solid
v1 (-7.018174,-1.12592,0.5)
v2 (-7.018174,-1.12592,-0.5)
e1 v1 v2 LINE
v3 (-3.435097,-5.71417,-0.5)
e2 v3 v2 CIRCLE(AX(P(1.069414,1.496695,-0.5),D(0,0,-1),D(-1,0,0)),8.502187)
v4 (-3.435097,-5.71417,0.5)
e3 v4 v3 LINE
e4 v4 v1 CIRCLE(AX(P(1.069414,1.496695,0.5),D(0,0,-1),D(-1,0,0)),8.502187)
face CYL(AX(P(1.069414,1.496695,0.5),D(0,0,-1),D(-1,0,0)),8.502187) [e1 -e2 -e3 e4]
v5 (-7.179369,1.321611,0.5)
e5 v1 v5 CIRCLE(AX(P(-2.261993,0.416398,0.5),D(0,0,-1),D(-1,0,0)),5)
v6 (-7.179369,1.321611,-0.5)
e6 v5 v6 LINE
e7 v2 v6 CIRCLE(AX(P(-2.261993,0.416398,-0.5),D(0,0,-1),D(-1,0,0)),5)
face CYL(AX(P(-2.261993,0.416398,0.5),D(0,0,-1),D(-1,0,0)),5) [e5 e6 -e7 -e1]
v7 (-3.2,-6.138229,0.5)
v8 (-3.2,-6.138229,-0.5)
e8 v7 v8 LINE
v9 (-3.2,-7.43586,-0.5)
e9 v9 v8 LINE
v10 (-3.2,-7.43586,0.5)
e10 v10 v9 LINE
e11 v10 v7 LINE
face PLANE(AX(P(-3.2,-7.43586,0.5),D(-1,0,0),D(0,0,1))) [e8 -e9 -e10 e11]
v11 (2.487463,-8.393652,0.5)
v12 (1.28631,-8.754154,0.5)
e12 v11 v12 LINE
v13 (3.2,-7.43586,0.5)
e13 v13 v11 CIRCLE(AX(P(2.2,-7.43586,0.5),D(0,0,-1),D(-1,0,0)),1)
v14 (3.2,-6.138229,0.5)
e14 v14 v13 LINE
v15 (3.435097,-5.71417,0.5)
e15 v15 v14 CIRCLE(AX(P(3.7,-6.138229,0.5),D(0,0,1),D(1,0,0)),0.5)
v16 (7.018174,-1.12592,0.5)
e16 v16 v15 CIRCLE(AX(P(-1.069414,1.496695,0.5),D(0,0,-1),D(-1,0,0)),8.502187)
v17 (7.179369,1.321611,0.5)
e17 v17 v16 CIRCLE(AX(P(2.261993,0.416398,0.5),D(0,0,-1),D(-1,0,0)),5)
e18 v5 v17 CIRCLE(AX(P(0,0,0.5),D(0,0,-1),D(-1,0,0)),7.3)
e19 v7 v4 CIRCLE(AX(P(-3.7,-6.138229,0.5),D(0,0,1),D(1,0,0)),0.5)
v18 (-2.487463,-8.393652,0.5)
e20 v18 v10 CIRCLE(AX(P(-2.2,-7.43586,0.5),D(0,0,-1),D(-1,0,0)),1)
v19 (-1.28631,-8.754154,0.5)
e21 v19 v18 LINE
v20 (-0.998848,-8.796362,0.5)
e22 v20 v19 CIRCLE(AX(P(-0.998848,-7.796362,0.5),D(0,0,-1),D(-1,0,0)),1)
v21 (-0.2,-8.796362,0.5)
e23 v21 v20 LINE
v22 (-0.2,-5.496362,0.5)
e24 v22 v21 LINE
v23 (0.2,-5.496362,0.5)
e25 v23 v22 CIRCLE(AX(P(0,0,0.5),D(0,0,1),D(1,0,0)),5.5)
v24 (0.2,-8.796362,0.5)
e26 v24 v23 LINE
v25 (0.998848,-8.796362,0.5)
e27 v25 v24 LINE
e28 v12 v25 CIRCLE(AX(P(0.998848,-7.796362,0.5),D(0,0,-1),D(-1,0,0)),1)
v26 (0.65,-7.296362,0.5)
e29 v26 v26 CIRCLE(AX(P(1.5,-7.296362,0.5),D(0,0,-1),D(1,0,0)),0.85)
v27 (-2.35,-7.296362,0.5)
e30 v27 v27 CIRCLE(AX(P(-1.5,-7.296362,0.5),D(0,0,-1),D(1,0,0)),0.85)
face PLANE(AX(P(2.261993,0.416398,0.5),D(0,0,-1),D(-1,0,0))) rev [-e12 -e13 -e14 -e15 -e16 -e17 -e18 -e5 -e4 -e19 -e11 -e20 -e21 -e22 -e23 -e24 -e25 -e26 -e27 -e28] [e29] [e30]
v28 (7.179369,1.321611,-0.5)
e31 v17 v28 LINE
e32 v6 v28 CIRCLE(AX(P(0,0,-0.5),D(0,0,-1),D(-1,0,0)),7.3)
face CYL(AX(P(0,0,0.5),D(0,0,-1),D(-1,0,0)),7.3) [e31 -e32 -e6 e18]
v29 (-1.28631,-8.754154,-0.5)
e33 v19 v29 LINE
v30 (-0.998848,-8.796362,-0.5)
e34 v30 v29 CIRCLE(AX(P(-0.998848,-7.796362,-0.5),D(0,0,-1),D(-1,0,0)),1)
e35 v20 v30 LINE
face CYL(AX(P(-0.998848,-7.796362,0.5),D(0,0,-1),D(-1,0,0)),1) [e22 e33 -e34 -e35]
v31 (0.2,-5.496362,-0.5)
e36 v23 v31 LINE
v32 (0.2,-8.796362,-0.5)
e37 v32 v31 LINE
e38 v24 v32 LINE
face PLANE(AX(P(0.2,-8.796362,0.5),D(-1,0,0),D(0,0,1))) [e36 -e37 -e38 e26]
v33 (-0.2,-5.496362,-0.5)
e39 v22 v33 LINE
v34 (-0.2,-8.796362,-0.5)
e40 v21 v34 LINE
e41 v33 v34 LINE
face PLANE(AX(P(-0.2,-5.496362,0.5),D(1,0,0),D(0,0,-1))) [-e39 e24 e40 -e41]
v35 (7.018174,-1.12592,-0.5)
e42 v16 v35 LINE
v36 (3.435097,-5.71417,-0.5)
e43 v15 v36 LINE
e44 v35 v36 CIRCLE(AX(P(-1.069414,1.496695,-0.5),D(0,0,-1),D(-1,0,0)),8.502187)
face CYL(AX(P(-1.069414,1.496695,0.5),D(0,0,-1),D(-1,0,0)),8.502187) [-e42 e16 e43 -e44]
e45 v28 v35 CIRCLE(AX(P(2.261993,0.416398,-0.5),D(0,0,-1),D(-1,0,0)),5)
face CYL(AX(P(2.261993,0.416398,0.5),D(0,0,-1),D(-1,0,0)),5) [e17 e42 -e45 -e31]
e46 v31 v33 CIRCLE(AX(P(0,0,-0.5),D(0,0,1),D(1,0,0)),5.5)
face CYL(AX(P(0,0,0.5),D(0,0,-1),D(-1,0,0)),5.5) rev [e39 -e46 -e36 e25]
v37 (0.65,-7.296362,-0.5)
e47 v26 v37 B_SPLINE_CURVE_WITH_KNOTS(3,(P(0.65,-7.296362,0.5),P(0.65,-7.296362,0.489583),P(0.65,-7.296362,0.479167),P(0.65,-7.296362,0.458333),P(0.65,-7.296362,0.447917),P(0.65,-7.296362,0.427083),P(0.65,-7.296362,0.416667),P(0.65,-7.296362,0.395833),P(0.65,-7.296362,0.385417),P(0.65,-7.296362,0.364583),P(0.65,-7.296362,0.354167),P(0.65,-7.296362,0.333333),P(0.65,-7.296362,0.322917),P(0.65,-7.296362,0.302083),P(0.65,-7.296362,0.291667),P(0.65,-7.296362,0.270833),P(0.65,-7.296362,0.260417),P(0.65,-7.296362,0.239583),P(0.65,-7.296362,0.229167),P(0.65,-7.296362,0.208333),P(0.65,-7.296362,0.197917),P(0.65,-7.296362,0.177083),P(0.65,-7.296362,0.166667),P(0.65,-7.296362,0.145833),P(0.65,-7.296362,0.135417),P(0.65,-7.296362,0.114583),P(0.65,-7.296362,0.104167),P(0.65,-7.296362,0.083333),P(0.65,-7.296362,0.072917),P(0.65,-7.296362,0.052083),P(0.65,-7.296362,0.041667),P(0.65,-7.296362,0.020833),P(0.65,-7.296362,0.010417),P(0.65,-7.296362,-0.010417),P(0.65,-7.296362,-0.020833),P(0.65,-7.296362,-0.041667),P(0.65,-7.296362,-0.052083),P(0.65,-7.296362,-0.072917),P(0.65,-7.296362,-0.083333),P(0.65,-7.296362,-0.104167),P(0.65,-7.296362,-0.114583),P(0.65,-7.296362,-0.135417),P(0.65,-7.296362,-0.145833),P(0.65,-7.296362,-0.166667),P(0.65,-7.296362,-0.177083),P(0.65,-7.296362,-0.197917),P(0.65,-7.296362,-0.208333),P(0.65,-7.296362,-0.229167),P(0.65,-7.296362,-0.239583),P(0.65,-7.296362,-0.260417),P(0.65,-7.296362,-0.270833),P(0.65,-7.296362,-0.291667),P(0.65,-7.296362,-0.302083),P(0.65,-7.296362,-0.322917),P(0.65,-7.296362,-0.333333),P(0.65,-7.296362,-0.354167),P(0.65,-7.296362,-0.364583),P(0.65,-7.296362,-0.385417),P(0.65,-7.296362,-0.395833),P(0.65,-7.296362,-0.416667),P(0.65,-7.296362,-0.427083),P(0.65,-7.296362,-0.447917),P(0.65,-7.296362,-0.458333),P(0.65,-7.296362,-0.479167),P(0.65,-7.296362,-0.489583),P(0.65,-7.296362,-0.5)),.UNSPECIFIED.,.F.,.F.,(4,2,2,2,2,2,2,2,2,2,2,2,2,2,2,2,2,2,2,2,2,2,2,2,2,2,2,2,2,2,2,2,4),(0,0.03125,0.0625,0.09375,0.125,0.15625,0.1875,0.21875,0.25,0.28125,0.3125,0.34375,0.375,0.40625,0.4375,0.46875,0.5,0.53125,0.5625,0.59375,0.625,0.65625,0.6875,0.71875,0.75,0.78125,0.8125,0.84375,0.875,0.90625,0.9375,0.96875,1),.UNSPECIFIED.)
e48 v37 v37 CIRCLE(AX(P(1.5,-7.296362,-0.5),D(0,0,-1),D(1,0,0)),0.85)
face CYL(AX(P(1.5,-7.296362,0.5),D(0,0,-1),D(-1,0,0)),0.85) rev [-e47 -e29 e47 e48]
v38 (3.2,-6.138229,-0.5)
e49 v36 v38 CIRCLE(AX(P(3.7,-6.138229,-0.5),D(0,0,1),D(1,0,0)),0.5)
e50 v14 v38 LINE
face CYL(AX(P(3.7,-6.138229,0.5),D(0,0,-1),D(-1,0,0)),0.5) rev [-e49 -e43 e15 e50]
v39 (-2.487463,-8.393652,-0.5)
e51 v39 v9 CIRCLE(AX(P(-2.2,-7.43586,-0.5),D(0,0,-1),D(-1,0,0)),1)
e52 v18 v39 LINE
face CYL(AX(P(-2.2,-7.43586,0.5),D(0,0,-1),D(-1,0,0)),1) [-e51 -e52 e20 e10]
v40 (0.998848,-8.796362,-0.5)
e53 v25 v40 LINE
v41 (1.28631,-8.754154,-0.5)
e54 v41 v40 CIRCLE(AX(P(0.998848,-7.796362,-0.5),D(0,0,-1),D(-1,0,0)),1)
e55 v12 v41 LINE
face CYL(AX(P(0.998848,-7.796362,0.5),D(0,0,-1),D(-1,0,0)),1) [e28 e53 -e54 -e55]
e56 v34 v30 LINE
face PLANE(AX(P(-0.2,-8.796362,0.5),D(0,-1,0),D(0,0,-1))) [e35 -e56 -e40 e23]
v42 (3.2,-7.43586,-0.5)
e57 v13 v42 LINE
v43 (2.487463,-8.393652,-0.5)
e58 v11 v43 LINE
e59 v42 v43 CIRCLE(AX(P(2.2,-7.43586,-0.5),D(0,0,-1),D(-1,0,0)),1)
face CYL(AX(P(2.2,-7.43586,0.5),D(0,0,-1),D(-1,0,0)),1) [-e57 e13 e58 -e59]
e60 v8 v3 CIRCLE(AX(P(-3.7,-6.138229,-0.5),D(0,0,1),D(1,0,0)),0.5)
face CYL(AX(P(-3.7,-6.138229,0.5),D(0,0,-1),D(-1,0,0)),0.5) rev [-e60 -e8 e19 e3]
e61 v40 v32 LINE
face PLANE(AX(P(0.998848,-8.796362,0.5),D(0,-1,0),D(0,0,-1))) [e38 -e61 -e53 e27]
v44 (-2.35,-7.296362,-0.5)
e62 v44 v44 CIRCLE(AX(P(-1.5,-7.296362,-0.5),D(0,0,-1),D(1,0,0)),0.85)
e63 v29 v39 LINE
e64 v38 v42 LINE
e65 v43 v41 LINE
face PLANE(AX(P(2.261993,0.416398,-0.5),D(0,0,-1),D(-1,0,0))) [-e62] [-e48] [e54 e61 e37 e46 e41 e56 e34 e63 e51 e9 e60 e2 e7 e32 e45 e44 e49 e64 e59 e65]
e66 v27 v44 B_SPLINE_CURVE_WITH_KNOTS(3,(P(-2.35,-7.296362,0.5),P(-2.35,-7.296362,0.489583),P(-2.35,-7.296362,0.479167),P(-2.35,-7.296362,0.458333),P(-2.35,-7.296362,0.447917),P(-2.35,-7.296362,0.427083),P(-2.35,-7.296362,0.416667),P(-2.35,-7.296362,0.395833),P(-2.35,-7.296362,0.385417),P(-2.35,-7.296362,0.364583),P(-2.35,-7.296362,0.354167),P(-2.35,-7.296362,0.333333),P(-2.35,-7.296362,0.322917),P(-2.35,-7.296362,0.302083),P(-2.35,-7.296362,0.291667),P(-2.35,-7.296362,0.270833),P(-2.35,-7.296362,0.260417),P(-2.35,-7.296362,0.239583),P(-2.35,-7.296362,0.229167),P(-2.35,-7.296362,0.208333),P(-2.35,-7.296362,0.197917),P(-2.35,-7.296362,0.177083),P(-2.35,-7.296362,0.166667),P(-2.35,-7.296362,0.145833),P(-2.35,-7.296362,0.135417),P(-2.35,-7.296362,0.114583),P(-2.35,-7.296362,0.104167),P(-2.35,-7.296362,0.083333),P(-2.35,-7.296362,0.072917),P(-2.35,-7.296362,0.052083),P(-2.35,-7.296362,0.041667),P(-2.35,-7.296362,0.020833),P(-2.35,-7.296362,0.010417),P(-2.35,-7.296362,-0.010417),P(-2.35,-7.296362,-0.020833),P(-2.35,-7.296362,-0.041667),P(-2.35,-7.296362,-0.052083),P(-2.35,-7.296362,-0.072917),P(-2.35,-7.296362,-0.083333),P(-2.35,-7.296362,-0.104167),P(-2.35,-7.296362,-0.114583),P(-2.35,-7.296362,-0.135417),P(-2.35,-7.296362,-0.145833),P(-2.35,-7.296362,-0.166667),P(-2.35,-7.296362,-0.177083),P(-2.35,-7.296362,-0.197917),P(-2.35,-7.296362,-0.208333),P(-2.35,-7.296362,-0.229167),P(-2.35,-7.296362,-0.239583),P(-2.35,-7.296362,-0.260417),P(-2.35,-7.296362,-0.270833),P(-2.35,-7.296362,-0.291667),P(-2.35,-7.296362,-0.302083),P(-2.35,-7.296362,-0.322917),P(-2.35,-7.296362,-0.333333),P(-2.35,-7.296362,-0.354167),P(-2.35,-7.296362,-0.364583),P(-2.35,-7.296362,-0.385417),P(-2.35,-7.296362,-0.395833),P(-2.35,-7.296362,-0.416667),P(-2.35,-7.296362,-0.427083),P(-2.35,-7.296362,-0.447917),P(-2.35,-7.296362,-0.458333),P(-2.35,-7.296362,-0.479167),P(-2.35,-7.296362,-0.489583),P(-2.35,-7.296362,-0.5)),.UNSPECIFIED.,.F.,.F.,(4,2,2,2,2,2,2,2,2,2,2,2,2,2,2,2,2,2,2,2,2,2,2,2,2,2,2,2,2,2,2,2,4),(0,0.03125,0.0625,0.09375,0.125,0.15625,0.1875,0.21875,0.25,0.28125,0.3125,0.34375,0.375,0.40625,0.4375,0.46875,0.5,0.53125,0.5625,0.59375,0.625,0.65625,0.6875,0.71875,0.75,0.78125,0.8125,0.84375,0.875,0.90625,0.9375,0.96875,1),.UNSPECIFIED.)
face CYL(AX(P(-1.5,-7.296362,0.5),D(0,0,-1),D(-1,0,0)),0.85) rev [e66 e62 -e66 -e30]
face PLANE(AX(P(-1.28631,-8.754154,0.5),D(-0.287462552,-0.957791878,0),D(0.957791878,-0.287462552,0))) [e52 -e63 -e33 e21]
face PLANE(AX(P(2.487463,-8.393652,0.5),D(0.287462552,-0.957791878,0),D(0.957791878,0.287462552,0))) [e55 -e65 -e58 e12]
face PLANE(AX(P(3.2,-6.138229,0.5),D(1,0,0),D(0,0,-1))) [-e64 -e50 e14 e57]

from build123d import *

# Parameters (mm, degrees)
SKETCH1_R           = 0.85
BOSS_EXTRUDE1_DEPTH = 1


with BuildPart() as part:
    # Sketch1 → Boss-Extrude1 (new body)
    with BuildSketch(Plane(origin=(0, 0, -0.5), x_dir=(-1, 0, 0), z_dir=(0, 0, -1))):
        with BuildLine():
            Line((-3.2, -6.138229217), (-3.2, -7.435859975))
            ThreePointArc((-3.2, -7.435859975), (-3.002328658, -8.03274248), (-2.487462552, -8.393651853))
            Line((-2.487462552, -8.393651853), (-1.286310177, -8.754154311))
            ThreePointArc((-1.286310177, -8.754154311), (-1.144119993, -8.785754135), (-0.998847625, -8.796362433))
            Line((-0.998847625, -8.796362433), (-0.2, -8.796362433))
            Line((-0.2, -8.796362433), (-0.2, -5.496362433))
            ThreePointArc((-0.2, -5.496362433), (0, 5.5), (0.2, -5.496362433))
            Line((0.2, -5.496362433), (0.2, -8.796362433))
            Line((0.2, -8.796362433), (0.998847625, -8.796362433))
            ThreePointArc((0.998847625, -8.796362433), (1.144119993, -8.785754135), (1.286310177, -8.754154311))
            Line((1.286310177, -8.754154311), (2.487462552, -8.393651853))
            ThreePointArc((2.487462552, -8.393651853), (3.002328658, -8.03274248), (3.2, -7.435859975))
            Line((3.2, -7.435859975), (3.2, -6.138229217))
            ThreePointArc((3.2, -6.138229217), (3.262706314, -5.895795241), (3.43509693, -5.71416983))
            ThreePointArc((3.43509693, -5.71416983), (5.631574679, -3.736271631), (7.018174039, -1.125919546))
            ThreePointArc((7.018174039, -1.125919546), (7.251184268, 0.087807561), (7.179369434, 1.32161058))
            ThreePointArc((7.179369434, 1.32161058), (0, 7.3), (-7.179369434, 1.32161058))
            ThreePointArc((-7.179369434, 1.32161058), (-7.251184268, 0.087807561), (-7.018174039, -1.125919546))
            ThreePointArc((-7.018174039, -1.125919546), (-5.631574679, -3.736271631), (-3.43509693, -5.71416983))
            ThreePointArc((-3.43509693, -5.71416983), (-3.262706314, -5.895795241), (-3.2, -6.138229217))
        make_face()
        with Locations((-1.5, -7.296362433)):
            Circle(SKETCH1_R, mode=Mode.SUBTRACT)
        with Locations((1.5, -7.296362433)):
            Circle(SKETCH1_R, mode=Mode.SUBTRACT)
    extrude(amount=-BOSS_EXTRUDE1_DEPTH)


solid = part.part
